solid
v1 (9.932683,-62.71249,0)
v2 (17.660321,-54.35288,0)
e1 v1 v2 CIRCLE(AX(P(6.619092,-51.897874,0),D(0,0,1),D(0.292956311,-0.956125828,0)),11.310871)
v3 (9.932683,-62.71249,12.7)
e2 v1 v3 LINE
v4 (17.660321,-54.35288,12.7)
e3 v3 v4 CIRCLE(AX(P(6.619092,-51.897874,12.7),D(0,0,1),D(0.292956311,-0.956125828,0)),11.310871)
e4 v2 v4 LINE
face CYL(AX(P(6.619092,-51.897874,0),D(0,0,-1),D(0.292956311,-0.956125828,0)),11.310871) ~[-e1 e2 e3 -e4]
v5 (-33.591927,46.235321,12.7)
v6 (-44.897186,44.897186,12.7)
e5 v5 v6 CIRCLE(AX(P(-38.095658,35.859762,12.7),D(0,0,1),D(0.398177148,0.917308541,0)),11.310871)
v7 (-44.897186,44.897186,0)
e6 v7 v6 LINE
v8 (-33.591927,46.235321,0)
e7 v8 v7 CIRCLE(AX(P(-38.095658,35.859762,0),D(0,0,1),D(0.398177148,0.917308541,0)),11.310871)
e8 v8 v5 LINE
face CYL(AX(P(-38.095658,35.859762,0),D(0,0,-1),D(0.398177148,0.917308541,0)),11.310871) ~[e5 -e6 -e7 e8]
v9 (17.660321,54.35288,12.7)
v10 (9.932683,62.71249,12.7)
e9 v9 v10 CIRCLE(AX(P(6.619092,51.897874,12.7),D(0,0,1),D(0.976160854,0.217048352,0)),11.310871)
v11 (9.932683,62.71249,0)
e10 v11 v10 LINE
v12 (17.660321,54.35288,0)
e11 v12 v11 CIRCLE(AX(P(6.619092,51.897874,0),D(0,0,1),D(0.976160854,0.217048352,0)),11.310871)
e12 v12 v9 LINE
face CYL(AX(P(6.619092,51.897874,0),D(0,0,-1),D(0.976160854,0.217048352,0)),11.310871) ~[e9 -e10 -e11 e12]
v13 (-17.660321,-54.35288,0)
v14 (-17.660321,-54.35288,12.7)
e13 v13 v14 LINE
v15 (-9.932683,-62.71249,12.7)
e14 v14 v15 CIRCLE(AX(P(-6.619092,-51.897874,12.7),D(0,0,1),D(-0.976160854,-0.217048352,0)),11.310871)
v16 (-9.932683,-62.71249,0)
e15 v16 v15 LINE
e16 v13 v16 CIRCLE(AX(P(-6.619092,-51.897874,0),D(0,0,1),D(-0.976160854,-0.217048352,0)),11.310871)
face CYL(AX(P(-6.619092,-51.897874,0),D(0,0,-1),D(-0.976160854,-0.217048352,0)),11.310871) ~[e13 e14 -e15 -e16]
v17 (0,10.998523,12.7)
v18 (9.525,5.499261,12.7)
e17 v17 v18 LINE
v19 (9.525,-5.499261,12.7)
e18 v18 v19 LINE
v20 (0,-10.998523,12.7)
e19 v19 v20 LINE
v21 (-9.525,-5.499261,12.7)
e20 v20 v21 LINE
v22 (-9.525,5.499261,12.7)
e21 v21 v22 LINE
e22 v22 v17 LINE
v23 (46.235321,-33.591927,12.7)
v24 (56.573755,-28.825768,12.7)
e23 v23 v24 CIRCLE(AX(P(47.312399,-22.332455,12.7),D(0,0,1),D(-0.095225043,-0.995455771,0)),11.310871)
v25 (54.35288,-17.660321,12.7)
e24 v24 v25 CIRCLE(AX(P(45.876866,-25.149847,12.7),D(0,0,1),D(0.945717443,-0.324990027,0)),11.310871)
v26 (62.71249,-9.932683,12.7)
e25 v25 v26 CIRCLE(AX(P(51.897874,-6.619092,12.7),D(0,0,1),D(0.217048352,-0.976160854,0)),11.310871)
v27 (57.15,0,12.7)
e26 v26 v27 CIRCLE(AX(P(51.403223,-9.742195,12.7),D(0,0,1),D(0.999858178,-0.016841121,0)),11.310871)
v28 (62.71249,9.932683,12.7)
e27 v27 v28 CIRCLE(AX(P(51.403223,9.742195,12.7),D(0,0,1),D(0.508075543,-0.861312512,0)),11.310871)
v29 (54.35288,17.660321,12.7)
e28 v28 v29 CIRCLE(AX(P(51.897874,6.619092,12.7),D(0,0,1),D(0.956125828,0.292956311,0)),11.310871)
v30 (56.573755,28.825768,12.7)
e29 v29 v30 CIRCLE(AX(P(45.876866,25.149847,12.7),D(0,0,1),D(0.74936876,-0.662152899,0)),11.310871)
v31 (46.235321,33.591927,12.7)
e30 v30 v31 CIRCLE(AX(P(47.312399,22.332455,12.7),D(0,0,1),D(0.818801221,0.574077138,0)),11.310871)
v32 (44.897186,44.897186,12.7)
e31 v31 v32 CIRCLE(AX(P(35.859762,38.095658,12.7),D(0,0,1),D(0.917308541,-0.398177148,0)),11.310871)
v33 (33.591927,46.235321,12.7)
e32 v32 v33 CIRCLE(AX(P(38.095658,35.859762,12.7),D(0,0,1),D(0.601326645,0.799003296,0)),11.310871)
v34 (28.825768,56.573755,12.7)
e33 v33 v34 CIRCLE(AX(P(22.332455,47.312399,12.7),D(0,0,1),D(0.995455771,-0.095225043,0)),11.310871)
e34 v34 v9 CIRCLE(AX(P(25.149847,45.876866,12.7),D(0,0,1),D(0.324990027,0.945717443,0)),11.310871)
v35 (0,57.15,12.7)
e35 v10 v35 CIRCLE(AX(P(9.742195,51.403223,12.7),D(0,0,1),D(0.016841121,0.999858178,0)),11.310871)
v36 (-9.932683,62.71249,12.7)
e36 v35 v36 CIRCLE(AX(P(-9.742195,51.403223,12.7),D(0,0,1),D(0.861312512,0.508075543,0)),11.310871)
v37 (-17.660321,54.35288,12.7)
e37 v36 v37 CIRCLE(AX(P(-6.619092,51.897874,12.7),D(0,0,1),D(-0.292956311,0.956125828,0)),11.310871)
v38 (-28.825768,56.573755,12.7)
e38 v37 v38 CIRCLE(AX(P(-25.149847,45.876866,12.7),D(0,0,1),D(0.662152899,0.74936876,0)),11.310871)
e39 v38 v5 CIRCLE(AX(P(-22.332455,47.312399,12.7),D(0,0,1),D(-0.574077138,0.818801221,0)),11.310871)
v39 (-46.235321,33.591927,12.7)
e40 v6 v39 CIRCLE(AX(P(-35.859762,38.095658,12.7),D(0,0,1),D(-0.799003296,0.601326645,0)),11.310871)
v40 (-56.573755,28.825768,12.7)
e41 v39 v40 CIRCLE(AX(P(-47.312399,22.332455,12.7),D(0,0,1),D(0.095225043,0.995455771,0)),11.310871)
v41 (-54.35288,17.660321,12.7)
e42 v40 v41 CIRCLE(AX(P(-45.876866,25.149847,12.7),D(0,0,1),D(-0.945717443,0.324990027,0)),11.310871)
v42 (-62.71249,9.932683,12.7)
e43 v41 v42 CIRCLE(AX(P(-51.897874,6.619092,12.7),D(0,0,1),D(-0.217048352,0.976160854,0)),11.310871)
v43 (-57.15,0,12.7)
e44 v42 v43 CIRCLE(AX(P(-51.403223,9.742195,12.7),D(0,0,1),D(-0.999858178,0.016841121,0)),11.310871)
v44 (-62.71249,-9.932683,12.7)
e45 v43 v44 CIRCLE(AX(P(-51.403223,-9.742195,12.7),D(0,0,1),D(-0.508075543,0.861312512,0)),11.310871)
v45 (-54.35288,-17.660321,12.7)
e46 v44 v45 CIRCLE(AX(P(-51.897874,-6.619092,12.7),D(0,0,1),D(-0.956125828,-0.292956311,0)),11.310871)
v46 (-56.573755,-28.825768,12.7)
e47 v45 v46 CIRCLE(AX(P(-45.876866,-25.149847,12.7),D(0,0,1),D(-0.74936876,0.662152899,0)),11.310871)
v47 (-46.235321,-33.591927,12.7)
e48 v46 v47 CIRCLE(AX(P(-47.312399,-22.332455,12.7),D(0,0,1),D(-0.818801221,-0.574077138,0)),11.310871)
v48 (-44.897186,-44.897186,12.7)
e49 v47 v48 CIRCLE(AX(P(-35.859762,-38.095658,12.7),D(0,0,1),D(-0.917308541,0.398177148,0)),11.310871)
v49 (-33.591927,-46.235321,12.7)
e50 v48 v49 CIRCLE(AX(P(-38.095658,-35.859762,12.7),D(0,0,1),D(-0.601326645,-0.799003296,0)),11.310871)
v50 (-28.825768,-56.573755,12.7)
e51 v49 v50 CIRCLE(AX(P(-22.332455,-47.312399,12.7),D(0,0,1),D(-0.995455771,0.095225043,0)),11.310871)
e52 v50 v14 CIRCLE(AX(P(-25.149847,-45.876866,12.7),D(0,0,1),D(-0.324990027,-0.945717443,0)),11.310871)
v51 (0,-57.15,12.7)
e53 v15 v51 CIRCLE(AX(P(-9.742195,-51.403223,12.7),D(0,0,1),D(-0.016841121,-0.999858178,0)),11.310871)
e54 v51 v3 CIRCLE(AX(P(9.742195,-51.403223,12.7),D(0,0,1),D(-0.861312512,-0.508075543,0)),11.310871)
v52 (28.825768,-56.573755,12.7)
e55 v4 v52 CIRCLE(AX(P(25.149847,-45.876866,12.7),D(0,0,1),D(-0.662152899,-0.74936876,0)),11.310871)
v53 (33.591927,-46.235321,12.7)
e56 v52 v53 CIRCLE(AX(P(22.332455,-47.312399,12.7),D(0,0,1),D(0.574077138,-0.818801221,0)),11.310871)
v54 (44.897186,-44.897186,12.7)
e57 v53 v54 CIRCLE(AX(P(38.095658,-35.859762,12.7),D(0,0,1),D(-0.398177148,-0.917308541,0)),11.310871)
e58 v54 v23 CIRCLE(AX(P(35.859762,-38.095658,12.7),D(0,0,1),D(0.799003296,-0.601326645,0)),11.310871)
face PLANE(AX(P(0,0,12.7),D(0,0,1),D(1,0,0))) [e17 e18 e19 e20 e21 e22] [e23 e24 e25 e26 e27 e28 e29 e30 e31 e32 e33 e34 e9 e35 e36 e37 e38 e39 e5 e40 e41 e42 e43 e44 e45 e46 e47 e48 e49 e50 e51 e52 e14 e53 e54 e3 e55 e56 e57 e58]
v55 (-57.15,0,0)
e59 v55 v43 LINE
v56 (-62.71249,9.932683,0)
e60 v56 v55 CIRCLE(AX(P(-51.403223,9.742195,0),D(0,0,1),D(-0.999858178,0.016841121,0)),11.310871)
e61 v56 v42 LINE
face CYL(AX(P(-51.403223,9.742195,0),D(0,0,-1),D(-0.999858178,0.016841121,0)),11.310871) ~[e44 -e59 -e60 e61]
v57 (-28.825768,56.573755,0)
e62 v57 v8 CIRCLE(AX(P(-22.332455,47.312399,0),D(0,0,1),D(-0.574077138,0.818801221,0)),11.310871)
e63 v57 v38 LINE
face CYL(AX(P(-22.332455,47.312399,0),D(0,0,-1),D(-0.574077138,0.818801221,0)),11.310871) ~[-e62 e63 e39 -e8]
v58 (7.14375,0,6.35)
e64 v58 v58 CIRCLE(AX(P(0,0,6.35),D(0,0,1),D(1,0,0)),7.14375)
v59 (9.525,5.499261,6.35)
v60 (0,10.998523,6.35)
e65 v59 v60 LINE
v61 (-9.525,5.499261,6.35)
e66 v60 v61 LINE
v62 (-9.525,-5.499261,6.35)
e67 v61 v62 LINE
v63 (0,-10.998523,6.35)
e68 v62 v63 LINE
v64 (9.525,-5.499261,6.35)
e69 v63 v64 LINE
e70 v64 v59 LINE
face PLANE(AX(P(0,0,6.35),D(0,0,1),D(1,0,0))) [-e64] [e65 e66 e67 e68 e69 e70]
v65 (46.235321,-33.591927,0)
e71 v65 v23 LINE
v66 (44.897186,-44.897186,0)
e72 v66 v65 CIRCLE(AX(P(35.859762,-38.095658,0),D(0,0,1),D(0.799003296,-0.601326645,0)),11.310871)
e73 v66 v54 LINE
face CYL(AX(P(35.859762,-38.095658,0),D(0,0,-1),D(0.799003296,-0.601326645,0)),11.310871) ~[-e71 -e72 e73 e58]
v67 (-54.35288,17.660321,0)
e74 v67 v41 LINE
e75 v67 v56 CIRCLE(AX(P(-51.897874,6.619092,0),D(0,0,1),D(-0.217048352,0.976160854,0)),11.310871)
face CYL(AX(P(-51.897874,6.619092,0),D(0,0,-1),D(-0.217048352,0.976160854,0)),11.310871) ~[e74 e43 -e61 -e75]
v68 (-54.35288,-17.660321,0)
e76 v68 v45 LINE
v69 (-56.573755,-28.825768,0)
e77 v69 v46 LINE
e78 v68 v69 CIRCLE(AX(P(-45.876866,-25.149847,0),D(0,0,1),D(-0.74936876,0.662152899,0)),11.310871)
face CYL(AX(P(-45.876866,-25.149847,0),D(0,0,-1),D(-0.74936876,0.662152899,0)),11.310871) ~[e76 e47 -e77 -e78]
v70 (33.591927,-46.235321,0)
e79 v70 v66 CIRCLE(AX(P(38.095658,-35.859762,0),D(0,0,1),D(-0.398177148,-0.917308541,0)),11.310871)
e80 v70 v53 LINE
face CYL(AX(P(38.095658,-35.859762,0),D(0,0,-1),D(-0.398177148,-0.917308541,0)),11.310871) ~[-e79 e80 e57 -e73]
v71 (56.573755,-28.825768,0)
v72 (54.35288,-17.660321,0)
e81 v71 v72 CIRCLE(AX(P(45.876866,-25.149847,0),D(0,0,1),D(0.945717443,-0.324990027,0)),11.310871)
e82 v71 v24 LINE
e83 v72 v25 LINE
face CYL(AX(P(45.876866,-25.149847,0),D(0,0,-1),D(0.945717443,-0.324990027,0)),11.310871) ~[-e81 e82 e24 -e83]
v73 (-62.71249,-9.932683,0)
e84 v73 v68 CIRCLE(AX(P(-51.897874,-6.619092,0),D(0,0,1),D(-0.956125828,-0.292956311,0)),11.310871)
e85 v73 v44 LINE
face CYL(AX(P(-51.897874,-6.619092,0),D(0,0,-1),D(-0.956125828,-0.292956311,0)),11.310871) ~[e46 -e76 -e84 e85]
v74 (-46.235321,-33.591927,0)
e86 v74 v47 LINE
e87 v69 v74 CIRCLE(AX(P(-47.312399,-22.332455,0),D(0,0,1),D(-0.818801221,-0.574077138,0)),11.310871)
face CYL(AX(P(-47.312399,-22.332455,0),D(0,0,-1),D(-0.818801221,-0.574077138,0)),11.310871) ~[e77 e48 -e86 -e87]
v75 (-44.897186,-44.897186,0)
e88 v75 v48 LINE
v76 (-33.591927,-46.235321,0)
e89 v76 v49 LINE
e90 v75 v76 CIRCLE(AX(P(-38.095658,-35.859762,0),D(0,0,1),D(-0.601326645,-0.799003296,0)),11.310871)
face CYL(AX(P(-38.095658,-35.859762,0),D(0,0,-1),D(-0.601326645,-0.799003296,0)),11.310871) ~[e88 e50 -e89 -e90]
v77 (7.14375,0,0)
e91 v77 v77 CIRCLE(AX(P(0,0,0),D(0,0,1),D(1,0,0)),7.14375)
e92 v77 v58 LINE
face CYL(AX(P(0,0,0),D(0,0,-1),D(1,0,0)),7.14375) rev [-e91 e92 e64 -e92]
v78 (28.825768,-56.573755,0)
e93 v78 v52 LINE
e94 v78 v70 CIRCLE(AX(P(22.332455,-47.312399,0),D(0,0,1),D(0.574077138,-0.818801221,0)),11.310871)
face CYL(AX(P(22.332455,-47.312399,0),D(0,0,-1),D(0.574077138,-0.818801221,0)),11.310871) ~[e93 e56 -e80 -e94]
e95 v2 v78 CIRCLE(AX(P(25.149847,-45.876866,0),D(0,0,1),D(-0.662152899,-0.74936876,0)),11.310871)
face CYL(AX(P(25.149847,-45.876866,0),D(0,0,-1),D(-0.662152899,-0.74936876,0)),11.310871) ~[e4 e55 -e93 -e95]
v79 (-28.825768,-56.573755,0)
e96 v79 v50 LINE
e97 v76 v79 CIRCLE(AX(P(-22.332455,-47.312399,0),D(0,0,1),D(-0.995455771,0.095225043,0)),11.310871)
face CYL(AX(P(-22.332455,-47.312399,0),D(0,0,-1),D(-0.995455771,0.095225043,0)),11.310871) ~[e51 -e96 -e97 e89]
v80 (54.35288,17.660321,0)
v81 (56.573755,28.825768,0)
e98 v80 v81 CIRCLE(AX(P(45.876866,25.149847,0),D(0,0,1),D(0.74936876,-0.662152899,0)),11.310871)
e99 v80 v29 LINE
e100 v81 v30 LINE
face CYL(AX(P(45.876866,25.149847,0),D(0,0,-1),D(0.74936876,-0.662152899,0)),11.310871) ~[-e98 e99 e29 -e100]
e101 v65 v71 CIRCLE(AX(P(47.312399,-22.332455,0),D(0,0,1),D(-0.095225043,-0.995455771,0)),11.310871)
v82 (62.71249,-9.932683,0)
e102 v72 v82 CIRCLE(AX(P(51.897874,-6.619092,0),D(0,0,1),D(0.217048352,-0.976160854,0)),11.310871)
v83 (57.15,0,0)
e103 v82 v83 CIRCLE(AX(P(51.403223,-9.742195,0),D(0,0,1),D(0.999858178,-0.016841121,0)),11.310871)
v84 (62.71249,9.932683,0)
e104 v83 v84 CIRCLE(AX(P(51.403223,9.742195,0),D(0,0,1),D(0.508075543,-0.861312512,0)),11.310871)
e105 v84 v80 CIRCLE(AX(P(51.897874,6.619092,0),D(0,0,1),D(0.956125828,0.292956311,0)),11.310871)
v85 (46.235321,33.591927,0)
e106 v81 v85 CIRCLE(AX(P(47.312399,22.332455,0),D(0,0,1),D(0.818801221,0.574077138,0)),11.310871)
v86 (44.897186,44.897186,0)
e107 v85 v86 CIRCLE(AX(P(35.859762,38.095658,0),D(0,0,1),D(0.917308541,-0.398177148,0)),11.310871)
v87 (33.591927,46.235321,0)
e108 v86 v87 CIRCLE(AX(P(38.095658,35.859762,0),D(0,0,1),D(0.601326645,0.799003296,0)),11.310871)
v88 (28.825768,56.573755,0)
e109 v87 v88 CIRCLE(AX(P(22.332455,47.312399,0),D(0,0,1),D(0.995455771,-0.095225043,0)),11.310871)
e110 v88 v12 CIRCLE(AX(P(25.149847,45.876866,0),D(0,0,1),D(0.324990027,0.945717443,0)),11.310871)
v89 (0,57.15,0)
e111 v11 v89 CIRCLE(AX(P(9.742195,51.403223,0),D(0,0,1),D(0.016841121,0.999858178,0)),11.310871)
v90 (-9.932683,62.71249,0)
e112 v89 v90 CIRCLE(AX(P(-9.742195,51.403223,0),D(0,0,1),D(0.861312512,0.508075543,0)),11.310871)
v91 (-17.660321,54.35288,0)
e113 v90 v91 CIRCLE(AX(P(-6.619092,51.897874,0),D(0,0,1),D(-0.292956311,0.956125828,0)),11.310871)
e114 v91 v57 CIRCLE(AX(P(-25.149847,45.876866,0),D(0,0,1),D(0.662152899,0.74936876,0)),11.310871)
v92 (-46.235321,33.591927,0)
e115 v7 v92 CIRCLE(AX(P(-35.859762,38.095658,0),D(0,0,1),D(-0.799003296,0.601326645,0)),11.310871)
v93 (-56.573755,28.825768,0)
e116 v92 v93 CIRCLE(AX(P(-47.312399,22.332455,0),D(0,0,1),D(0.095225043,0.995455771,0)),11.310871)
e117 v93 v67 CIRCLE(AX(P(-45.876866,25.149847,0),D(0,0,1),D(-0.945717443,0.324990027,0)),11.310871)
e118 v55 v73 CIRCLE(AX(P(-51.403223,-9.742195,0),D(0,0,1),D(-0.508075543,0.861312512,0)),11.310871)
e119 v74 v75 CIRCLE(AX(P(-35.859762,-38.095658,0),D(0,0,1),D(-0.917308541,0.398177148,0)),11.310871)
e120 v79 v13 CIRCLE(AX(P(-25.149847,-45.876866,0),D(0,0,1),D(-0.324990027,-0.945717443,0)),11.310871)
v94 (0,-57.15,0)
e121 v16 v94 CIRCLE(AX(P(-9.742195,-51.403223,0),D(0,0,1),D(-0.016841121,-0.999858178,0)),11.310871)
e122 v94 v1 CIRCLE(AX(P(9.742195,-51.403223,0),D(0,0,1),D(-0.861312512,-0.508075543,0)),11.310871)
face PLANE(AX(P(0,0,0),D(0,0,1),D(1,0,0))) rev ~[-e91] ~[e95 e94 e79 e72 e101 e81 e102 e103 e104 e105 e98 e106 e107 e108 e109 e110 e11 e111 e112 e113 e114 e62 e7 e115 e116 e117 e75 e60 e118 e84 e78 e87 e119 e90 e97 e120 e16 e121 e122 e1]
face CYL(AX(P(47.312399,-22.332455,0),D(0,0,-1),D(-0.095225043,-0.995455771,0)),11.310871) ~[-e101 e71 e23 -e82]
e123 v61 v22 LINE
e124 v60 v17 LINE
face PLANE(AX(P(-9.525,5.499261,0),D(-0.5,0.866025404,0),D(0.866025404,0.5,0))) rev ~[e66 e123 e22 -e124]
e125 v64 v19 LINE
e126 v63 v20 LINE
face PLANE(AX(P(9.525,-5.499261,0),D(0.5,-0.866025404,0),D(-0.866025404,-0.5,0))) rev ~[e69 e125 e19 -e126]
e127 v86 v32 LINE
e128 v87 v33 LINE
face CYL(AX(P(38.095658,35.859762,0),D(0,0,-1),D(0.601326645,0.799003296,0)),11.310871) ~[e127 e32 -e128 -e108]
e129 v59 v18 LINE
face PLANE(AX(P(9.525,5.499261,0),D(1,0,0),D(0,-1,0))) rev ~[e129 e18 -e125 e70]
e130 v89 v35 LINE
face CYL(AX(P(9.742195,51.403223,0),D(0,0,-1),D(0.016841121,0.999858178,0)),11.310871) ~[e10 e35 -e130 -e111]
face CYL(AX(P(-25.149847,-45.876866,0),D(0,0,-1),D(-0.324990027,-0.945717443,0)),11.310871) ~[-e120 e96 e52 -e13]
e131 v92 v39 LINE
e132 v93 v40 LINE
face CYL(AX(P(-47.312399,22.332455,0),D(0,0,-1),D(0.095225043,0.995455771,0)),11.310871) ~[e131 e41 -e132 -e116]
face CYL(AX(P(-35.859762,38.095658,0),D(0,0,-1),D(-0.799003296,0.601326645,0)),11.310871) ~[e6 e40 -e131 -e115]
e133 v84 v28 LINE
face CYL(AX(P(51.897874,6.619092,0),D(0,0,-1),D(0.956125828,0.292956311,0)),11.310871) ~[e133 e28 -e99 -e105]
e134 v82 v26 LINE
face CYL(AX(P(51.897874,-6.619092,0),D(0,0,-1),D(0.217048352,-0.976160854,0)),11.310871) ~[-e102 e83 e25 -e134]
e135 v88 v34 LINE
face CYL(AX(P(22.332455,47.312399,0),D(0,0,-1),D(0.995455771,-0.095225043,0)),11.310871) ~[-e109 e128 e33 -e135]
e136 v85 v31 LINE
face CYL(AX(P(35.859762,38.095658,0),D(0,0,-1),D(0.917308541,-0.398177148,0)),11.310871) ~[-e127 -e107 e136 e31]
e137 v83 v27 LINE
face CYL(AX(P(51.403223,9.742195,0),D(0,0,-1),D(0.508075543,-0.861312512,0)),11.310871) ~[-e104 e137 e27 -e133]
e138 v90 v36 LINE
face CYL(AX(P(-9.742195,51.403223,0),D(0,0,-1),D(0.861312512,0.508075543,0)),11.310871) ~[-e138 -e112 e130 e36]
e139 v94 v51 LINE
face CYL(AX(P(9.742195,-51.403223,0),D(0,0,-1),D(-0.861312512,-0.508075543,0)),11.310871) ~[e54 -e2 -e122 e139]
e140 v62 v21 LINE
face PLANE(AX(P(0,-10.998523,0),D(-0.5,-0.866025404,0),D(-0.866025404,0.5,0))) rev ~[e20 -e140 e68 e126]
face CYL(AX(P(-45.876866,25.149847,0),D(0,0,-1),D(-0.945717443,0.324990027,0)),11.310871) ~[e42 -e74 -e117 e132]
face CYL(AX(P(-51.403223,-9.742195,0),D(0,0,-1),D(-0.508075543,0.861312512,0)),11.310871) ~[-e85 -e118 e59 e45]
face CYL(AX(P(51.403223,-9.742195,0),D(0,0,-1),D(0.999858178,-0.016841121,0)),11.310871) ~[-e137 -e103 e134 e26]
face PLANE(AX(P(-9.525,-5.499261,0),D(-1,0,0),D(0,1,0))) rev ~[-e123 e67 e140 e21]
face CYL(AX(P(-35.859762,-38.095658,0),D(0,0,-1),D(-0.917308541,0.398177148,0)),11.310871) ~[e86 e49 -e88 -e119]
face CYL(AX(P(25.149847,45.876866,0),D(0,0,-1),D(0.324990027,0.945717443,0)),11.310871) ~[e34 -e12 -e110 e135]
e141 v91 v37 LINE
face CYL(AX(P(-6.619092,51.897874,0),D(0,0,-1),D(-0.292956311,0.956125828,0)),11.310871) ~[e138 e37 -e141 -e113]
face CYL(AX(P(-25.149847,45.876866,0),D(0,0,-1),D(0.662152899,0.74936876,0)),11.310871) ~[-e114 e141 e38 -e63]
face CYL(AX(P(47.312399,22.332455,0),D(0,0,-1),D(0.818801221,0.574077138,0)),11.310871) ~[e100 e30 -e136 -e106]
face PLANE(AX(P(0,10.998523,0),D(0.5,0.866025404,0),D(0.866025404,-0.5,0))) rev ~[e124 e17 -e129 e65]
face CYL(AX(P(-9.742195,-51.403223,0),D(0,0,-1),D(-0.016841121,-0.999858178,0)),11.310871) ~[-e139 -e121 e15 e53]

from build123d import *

# Parameters (mm, degrees)
F2_DEPTH = 12.7
F1_R     = 7.14375
F3_DEPTH = 6.35


with BuildPart() as f2:
    # F1 (on Top) → F2 (new body)
    with BuildSketch(Plane.XY):
        with BuildLine():
            ThreePointArc((57.15, 0), (61.2719466085, 4.2155230865), (62.7124900485, 9.9326826377))
            ThreePointArc((62.7124900485, 9.9326826377), (59.575752362, 14.9248720794), (54.3528799063, 17.6603212285))
            ThreePointArc((54.3528799063, 17.6603212285), (56.9704158142, 22.9432734815), (56.5737545789, 28.8257677314))
            ThreePointArc((56.5737545789, 28.8257677314), (52.0478683856, 32.6043167785), (46.2353212285, 33.5919271685))
            ThreePointArc((46.2353212285, 33.5919271685), (47.0922237837, 39.4251764129), (44.8971858387, 44.8971858387))
            ThreePointArc((44.8971858387, 44.8971858387), (39.4251764129, 47.0922237837), (33.5919271685, 46.2353212285))
            ThreePointArc((33.5919271685, 46.2353212285), (32.6043167785, 52.0478683856), (28.8257677314, 56.5737545789))
            ThreePointArc((28.8257677314, 56.5737545789), (22.9432734815, 56.9704158142), (17.6603212285, 54.3528799063))
            ThreePointArc((17.6603212285, 54.3528799063), (14.9248720794, 59.575752362), (9.9326826377, 62.7124900485))
            ThreePointArc((9.9326826377, 62.7124900485), (4.2155230865, 61.2719466085), (0, 57.15))
            ThreePointArc((0, 57.15), (-4.2155230865, 61.2719466085), (-9.9326826377, 62.7124900485))
            ThreePointArc((-9.9326826377, 62.7124900485), (-14.9248720794, 59.575752362), (-17.6603212285, 54.3528799063))
            ThreePointArc((-17.6603212285, 54.3528799063), (-22.9432734815, 56.9704158142), (-28.8257677314, 56.5737545789))
            ThreePointArc((-28.8257677314, 56.5737545789), (-32.6043167785, 52.0478683856), (-33.5919271685, 46.2353212285))
            ThreePointArc((-33.5919271685, 46.2353212285), (-39.4251764129, 47.0922237837), (-44.8971858387, 44.8971858387))
            ThreePointArc((-44.8971858387, 44.8971858387), (-47.0922237837, 39.4251764129), (-46.2353212285, 33.5919271685))
            ThreePointArc((-46.2353212285, 33.5919271685), (-52.0478683856, 32.6043167785), (-56.5737545789, 28.8257677314))
            ThreePointArc((-56.5737545789, 28.8257677314), (-56.9704158142, 22.9432734815), (-54.3528799063, 17.6603212285))
            ThreePointArc((-54.3528799063, 17.6603212285), (-59.575752362, 14.9248720794), (-62.7124900485, 9.9326826377))
            ThreePointArc((-62.7124900485, 9.9326826377), (-61.2719466085, 4.2155230865), (-57.15, 0))
            ThreePointArc((-57.15, 0), (-61.2719466085, -4.2155230865), (-62.7124900485, -9.9326826377))
            ThreePointArc((-62.7124900485, -9.9326826377), (-59.575752362, -14.9248720794), (-54.3528799063, -17.6603212285))
            ThreePointArc((-54.3528799063, -17.6603212285), (-56.9704158142, -22.9432734815), (-56.5737545789, -28.8257677314))
            ThreePointArc((-56.5737545789, -28.8257677314), (-52.0478683856, -32.6043167785), (-46.2353212285, -33.5919271685))
            ThreePointArc((-46.2353212285, -33.5919271685), (-47.0922237837, -39.4251764129), (-44.8971858387, -44.8971858387))
            ThreePointArc((-44.8971858387, -44.8971858387), (-39.4251764129, -47.0922237837), (-33.5919271685, -46.2353212285))
            ThreePointArc((-33.5919271685, -46.2353212285), (-32.6043167785, -52.0478683856), (-28.8257677314, -56.5737545789))
            ThreePointArc((-28.8257677314, -56.5737545789), (-22.9432734815, -56.9704158142), (-17.6603212285, -54.3528799063))
            ThreePointArc((-17.6603212285, -54.3528799063), (-14.9248720794, -59.575752362), (-9.9326826377, -62.7124900485))
            ThreePointArc((-9.9326826377, -62.7124900485), (-4.2155230865, -61.2719466085), (0, -57.15))
            ThreePointArc((0, -57.15), (4.2155230865, -61.2719466085), (9.9326826377, -62.7124900485))
            ThreePointArc((9.9326826377, -62.7124900485), (14.9248720794, -59.575752362), (17.6603212285, -54.3528799063))
            ThreePointArc((17.6603212285, -54.3528799063), (22.9432734815, -56.9704158142), (28.8257677314, -56.5737545789))
            ThreePointArc((28.8257677314, -56.5737545789), (32.6043167785, -52.0478683856), (33.5919271685, -46.2353212285))
            ThreePointArc((33.5919271685, -46.2353212285), (39.4251764129, -47.0922237837), (44.8971858387, -44.8971858387))
            ThreePointArc((44.8971858387, -44.8971858387), (47.0922237837, -39.4251764129), (46.2353212285, -33.5919271685))
            ThreePointArc((46.2353212285, -33.5919271685), (52.0478683856, -32.6043167785), (56.5737545789, -28.8257677314))
            ThreePointArc((56.5737545789, -28.8257677314), (56.9704158142, -22.9432734815), (54.3528799063, -17.6603212285))
            ThreePointArc((54.3528799063, -17.6603212285), (59.575752362, -14.9248720794), (62.7124900485, -9.9326826377))
            ThreePointArc((62.7124900485, -9.9326826377), (61.2719466085, -4.2155230865), (57.15, 0))
        make_face()
        Polygon((0, 10.9985226281), (9.525, 5.499261314), (9.525, -5.499261314), (0, -10.9985226281), (-9.525, -5.499261314), (-9.525, 5.499261314), align=None, mode=Mode.SUBTRACT)
    extrude(amount=F2_DEPTH)

    # F1 (on Top) → F3 (join)
    with BuildSketch(Plane.XY):
        Polygon((9.525, -5.499261314), (9.525, 5.499261314), (0, 10.9985226281), (-9.525, 5.499261314), (-9.525, -5.499261314), (0, -10.9985226281), align=None)
        Circle(F1_R, mode=Mode.SUBTRACT)
    extrude(amount=F3_DEPTH)


solid = f2.part
